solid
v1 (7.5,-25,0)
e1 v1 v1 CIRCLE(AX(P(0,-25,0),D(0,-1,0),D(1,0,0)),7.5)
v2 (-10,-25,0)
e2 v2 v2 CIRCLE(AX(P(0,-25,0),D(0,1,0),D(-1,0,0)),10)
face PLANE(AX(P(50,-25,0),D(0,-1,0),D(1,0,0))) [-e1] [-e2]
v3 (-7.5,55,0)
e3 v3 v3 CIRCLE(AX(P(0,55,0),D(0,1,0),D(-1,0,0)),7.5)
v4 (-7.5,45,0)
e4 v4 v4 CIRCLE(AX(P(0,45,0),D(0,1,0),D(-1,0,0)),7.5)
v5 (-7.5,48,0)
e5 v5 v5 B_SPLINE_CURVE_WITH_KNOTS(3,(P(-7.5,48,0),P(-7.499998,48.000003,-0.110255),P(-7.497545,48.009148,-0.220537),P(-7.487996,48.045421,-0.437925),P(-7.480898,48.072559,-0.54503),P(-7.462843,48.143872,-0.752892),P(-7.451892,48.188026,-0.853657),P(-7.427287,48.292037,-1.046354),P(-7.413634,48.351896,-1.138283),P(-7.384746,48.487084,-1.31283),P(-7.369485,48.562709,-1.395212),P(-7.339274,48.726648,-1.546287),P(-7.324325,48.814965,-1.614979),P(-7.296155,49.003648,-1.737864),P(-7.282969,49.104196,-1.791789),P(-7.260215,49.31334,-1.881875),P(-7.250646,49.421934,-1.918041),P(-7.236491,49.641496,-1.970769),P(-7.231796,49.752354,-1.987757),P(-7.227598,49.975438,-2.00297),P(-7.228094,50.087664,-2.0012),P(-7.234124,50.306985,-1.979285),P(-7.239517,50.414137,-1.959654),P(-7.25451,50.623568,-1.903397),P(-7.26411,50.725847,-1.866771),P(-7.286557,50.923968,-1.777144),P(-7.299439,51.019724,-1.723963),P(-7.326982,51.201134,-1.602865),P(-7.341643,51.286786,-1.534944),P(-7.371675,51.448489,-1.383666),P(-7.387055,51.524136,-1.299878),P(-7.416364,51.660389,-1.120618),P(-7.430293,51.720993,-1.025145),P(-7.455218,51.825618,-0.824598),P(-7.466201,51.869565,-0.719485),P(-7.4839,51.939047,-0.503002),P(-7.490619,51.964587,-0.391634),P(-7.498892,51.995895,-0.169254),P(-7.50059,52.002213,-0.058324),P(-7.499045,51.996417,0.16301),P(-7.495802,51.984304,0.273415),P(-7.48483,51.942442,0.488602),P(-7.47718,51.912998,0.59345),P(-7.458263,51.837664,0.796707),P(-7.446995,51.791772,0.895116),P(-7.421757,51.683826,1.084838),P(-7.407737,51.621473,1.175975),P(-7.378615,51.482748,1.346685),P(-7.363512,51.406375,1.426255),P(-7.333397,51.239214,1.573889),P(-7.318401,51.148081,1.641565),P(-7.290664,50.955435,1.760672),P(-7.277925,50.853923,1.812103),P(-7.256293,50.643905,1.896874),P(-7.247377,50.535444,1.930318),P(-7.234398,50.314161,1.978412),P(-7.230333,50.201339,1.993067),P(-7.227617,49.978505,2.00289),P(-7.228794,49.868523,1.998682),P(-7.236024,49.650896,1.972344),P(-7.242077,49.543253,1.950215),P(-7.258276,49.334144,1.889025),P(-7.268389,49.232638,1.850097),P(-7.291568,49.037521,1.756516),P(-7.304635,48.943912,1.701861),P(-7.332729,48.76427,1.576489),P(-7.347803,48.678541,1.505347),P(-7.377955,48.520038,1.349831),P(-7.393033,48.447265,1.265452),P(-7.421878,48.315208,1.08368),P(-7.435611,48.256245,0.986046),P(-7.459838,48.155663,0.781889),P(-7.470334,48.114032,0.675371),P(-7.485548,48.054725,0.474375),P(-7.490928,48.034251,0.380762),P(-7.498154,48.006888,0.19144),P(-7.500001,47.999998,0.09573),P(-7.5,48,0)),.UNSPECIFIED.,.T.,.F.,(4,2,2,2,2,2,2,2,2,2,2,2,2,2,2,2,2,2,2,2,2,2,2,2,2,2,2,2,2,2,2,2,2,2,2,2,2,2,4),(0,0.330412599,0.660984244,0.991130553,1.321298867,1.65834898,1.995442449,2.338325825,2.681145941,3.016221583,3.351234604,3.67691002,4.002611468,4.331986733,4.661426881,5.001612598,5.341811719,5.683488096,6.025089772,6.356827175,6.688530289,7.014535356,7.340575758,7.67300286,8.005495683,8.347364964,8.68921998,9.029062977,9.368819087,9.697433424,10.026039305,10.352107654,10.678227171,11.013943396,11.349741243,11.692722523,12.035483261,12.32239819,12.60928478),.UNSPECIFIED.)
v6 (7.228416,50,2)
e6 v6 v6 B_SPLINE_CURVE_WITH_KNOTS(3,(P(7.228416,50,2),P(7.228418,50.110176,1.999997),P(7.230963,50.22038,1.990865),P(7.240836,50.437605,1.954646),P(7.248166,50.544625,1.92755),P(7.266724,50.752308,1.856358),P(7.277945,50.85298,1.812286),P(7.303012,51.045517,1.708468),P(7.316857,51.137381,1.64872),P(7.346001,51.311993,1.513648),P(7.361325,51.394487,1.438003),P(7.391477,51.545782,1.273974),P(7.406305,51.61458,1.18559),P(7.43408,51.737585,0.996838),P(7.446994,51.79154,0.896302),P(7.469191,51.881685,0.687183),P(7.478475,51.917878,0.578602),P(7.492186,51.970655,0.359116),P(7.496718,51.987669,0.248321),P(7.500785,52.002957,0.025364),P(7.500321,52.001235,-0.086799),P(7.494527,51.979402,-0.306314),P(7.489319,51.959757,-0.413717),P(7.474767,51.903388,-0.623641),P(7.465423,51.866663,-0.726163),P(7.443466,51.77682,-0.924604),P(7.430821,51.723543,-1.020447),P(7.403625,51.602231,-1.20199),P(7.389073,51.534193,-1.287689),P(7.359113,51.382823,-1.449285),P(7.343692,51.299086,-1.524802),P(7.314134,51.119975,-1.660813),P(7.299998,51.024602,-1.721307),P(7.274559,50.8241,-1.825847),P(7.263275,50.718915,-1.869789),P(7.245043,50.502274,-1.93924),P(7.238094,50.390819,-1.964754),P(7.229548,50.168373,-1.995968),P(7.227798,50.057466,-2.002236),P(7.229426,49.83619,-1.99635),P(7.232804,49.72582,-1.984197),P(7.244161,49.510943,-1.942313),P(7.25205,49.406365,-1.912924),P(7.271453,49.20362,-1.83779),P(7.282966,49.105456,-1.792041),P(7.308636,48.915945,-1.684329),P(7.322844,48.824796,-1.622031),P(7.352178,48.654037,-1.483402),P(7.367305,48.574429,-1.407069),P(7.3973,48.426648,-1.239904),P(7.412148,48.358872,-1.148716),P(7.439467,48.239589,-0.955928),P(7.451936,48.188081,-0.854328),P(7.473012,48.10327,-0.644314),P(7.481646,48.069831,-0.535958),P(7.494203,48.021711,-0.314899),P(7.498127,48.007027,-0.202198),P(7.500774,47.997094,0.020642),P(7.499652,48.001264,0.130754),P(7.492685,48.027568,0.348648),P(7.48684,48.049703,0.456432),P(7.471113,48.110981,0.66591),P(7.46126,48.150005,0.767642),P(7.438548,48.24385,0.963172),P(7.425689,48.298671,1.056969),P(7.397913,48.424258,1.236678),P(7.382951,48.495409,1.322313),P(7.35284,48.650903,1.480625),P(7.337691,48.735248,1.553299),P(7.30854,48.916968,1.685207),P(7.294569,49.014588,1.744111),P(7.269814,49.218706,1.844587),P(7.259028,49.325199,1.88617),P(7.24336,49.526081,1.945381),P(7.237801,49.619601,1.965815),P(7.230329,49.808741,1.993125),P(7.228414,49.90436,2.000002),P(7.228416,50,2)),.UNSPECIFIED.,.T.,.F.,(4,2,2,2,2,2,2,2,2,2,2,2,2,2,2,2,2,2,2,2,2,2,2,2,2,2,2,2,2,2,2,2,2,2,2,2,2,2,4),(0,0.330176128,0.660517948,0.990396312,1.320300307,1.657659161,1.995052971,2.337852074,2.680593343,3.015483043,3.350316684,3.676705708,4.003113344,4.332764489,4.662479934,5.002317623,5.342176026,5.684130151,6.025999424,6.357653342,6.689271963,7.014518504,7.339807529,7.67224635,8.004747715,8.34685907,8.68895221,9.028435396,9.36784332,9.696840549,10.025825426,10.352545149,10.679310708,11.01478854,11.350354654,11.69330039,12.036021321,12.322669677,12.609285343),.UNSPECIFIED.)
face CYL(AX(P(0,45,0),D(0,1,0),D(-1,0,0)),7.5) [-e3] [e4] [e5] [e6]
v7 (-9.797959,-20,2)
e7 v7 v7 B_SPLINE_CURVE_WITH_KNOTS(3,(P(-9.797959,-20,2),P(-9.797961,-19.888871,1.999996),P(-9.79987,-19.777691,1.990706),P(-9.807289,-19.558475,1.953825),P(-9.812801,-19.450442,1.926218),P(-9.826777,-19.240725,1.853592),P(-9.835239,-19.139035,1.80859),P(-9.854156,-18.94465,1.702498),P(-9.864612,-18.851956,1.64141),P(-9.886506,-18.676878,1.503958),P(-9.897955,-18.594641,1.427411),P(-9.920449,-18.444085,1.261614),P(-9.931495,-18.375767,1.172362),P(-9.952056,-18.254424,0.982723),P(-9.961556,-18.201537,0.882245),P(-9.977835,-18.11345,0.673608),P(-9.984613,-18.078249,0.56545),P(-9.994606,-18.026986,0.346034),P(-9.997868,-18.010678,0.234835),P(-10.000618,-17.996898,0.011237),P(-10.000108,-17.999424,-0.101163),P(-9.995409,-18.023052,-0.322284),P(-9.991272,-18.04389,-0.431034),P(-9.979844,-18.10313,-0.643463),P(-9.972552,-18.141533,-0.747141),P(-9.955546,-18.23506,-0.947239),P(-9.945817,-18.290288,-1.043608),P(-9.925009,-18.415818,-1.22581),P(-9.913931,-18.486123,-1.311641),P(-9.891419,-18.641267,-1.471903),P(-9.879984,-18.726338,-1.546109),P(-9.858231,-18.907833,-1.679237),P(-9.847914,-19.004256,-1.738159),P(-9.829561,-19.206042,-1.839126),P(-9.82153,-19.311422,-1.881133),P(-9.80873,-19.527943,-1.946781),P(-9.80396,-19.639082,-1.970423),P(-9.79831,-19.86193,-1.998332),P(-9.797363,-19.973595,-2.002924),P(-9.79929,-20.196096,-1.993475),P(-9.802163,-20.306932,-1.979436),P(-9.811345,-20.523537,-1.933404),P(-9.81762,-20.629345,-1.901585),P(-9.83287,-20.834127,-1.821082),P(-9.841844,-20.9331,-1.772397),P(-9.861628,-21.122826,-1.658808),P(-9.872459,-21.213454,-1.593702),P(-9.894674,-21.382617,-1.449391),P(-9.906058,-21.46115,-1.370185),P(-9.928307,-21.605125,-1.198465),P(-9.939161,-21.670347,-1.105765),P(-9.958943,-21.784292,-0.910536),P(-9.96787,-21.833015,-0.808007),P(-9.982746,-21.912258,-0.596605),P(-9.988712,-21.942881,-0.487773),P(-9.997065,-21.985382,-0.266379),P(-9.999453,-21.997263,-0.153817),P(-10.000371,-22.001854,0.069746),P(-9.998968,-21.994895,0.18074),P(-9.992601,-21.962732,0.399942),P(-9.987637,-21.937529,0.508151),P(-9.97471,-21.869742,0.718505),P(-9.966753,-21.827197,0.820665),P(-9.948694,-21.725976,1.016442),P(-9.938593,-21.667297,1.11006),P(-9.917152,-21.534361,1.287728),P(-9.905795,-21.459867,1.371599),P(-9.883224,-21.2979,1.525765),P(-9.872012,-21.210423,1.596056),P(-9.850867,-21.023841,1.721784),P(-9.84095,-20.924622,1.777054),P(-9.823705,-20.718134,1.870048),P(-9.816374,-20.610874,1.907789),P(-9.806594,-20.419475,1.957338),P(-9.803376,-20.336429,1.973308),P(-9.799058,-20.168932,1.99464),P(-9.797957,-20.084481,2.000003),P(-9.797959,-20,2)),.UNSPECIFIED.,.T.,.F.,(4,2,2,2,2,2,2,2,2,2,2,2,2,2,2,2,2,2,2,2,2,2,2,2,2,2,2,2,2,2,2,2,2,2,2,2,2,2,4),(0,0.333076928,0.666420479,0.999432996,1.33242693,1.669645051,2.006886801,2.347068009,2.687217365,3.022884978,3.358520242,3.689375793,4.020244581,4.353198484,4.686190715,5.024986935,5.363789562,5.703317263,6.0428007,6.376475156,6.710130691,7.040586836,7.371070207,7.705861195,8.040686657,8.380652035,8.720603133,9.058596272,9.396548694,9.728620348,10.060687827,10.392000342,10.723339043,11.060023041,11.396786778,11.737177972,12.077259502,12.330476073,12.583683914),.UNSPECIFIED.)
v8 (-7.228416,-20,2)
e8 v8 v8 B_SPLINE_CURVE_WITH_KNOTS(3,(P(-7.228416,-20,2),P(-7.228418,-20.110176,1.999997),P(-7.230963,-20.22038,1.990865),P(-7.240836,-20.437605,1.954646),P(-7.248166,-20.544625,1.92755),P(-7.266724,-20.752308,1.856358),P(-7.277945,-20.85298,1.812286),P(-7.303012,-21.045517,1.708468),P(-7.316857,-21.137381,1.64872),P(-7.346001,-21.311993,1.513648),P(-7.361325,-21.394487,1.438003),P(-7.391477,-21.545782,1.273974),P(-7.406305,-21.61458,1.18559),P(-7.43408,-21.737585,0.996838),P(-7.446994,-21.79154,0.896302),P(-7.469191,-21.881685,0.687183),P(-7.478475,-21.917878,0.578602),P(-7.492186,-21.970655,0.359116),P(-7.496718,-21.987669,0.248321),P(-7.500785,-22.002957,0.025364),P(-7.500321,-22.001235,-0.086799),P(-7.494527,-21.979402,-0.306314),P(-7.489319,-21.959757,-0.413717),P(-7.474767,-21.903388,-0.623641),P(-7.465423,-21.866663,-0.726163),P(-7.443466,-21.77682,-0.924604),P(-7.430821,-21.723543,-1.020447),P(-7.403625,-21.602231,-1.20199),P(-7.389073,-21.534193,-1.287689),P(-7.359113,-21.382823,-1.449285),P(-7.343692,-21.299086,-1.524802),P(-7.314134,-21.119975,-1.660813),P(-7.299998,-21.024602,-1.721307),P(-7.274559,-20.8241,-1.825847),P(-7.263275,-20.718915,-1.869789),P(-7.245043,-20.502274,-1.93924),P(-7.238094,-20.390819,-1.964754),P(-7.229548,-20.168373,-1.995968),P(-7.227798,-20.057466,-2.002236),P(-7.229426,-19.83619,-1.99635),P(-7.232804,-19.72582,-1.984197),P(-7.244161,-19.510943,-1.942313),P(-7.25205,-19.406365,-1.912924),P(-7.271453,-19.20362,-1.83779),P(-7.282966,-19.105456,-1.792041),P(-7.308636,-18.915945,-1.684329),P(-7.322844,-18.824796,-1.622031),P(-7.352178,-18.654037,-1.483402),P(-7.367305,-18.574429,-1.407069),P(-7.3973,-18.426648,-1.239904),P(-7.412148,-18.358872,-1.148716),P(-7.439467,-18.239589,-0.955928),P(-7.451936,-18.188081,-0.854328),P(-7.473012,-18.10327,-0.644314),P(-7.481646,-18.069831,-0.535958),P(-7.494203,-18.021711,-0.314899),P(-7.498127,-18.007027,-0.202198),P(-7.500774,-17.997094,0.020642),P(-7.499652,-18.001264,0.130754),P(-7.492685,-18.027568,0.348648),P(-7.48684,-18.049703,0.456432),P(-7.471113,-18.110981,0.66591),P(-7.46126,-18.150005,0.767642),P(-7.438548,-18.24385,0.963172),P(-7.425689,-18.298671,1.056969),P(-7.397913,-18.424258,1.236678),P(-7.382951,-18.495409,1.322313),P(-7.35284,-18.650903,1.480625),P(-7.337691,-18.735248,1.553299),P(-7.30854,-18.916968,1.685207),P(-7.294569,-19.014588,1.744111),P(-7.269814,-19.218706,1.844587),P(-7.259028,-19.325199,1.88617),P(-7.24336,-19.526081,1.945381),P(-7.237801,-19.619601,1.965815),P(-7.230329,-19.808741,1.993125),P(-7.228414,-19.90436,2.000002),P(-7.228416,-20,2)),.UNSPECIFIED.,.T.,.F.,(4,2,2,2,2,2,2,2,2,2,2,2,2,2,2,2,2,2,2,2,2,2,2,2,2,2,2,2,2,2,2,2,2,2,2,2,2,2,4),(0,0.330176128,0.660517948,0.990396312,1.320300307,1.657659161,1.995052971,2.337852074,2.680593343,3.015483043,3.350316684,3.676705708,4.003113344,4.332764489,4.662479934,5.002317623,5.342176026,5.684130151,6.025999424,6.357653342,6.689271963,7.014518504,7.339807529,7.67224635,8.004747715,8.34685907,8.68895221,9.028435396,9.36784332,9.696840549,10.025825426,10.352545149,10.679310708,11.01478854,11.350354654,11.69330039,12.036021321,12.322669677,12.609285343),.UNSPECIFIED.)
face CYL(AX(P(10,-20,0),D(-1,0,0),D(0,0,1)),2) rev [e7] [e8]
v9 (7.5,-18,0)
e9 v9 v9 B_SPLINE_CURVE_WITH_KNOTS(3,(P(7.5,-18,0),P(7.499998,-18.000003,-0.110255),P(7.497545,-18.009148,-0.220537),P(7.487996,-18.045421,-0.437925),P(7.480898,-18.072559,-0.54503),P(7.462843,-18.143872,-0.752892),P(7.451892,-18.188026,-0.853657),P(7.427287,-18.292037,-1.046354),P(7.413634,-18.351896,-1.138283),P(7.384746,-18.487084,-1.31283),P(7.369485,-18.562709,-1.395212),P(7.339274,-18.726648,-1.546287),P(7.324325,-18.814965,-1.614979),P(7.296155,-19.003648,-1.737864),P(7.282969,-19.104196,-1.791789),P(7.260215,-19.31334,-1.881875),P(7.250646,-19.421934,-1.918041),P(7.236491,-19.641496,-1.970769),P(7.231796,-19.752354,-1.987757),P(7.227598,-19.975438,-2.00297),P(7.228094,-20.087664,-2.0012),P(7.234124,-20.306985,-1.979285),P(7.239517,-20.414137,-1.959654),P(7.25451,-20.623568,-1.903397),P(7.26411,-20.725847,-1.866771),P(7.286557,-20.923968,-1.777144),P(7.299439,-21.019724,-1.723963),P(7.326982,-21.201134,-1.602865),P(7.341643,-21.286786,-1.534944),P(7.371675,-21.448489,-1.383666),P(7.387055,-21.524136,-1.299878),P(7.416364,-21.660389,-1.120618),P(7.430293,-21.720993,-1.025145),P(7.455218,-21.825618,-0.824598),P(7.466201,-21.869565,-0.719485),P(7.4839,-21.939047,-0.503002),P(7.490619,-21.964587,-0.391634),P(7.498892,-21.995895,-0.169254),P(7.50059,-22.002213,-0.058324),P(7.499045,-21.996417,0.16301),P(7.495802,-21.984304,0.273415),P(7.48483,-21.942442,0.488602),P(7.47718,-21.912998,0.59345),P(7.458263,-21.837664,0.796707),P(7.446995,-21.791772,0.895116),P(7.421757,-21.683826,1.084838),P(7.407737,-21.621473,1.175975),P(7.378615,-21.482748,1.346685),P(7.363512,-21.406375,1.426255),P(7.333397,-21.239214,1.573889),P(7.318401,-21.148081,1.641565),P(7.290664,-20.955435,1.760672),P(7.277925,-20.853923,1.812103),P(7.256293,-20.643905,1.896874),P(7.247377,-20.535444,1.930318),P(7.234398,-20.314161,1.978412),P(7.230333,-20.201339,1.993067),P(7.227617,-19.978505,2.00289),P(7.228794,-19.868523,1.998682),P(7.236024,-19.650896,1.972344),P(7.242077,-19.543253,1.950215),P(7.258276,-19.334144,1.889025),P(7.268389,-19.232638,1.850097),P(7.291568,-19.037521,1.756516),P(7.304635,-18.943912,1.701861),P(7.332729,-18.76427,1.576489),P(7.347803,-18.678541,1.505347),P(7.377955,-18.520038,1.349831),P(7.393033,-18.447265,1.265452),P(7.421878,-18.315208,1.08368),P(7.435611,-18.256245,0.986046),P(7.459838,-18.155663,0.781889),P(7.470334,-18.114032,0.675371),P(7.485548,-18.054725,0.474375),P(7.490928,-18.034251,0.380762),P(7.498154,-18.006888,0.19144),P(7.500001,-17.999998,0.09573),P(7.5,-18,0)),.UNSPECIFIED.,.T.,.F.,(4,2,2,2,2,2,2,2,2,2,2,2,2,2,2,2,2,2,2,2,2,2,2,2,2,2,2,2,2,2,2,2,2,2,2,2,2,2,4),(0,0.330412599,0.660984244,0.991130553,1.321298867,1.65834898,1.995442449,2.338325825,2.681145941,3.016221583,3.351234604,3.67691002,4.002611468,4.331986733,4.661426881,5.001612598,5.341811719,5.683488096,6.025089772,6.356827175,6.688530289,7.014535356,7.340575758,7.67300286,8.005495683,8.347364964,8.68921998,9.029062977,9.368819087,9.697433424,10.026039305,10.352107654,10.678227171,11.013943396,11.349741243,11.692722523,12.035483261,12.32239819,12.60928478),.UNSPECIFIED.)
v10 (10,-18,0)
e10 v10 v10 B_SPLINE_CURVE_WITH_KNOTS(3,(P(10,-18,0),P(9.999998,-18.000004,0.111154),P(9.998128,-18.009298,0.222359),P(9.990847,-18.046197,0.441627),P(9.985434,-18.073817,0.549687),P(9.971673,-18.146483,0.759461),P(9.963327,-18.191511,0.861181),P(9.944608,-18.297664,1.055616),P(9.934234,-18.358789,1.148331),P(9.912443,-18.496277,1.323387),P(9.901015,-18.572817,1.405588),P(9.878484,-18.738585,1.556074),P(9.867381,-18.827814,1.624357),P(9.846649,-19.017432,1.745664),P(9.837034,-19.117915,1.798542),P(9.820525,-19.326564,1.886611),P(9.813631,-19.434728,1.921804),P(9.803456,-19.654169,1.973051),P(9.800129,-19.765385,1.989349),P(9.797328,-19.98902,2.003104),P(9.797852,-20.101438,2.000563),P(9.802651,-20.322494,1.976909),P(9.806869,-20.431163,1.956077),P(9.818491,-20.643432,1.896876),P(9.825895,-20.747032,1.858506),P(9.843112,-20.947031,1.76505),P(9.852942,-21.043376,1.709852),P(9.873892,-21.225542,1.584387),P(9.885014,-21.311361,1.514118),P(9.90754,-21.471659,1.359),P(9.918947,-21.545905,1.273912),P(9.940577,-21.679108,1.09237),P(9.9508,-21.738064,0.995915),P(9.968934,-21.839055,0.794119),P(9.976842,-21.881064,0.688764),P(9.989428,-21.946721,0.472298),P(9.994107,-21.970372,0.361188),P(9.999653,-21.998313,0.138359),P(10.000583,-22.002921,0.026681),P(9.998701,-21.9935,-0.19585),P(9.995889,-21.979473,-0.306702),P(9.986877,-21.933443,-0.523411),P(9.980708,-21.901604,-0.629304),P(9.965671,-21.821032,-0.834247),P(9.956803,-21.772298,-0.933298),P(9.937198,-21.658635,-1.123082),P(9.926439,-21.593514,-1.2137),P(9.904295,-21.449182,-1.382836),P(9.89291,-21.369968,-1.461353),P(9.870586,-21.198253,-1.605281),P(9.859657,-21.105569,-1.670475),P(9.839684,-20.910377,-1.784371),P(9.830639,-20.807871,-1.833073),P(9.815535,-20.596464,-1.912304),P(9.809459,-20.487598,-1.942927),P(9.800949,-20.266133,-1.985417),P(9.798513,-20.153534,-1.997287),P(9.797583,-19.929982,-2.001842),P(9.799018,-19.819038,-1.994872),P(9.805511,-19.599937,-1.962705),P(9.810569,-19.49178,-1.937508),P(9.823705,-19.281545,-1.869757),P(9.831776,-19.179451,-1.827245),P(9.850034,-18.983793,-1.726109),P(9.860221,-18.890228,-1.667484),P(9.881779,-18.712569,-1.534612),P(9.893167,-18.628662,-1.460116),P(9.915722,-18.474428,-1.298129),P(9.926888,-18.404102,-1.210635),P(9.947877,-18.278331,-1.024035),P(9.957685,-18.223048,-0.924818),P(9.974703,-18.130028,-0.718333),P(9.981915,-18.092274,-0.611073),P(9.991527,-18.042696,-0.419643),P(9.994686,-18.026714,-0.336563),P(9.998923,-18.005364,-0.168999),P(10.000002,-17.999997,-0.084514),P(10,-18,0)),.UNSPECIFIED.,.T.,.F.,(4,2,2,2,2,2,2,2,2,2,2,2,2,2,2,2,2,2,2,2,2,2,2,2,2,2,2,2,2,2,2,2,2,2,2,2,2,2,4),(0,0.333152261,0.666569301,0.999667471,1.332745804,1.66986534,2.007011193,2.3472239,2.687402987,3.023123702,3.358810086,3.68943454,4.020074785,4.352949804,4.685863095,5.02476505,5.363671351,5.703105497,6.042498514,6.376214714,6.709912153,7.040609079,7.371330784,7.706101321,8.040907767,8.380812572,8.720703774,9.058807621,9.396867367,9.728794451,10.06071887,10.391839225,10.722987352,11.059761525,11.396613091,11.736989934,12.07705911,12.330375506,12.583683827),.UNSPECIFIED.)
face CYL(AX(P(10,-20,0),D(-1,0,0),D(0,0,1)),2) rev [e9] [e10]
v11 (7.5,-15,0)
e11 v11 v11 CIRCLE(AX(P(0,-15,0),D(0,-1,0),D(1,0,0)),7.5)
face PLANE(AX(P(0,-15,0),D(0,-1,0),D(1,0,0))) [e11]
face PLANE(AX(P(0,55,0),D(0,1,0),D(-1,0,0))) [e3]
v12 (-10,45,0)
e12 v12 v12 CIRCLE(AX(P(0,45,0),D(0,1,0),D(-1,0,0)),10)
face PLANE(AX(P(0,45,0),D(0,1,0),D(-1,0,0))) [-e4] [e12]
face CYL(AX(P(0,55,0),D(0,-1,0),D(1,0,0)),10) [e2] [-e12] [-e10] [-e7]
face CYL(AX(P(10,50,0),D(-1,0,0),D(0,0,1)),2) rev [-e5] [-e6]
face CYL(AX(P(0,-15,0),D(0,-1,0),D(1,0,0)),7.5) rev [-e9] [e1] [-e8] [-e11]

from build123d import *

# Parameters (mm, degrees)
SKETCH2_R               = 10
BOSS_EXTRUDE1_DEPTH     = 30
CUT_EXTRUDE1_START      = -10
SKETCH3_R               = 10
SKETCH3_R_2             = 7.5
CUT_EXTRUDE1_DEPTH      = 10
CUT_EXTRUDE3_DEPTH      = 10
CUT_EXTRUDE3_DEPTH_BACK = 10
SKETCH5_R               = 2
FILLET2_R               = 10
BOSS_EXTRUDE2_START     = -67.5
SKETCH7_R               = 10
BOSS_EXTRUDE2_DEPTH     = 67.5
SKETCH8_R               = 50
SKETCH8_R_2             = 10
CUT_EXTRUDE6_DEPTH      = 107.770782567
SKETCH9_R               = 7.5
CUT_EXTRUDE7_DEPTH      = 10
CUT_EXTRUDE8_DEPTH      = 10
CUT_EXTRUDE8_DEPTH_BACK = 10
SKETCH10_R              = 2


with BuildPart() as part:
    # Sketch1 → Revolve1 (revolve)
    with BuildSketch(Plane.XY):
        Polygon((50, 25), (0, 25), (0, 22.5), (45, 22.5), (45, -22.5), (0, -22.5), (0, -25), (50, -25), align=None)
    revolve(axis=Axis((0, -25, 0), (0, 1, 0)))

    # Sketch2 → Boss-Extrude1 (add)
    with BuildSketch(Plane(origin=(0, 25, 0), x_dir=(1, 0, 0), z_dir=(0, 1, 0))):
        with Locations(Location((0, 0, 0), (0, 0, 180))):
            Circle(SKETCH2_R)
    extrude(amount=BOSS_EXTRUDE1_DEPTH)

    # Sketch3 → Cut-Extrude1 (cut)
    with BuildSketch(Plane(origin=(0, 55, 0), x_dir=(1, 0, 0), z_dir=(0, 1, 0)).offset(CUT_EXTRUDE1_START)):
        with Locations(Location((0, 0, 0), (0, 0, 180))):
            Circle(SKETCH3_R)
        with Locations(Location((0, 0, 0), (0, 0, 180))):
            Circle(SKETCH3_R_2, mode=Mode.SUBTRACT)
    extrude(amount=CUT_EXTRUDE1_DEPTH, mode=Mode.SUBTRACT)

    # Sketch5 → Cut-Extrude3 (cut, two sides: drawn at the far end of the back side and taken through both)
    with BuildSketch(Plane(origin=(0, 0, 0), x_dir=(0, 0, -1), z_dir=(1, 0, 0)).offset(-CUT_EXTRUDE3_DEPTH_BACK)):
        with Locations(Location((0, 50, 0), (0, 0, 180))):
            Circle(SKETCH5_R)
    extrude(amount=CUT_EXTRUDE3_DEPTH + CUT_EXTRUDE3_DEPTH_BACK, mode=Mode.SUBTRACT)

    # Fillet2
    fillet2_edges = [part.edges().sort_by_distance(p)[0] for p in [
        (-50, 25, 0),
    ]]
    fillet(fillet2_edges, radius=FILLET2_R)

    # Sketch7 → Boss-Extrude2 (add)
    with BuildSketch(Plane(origin=(0, 45, 0), x_dir=(1, 0, 0), z_dir=(0, 1, 0)).offset(BOSS_EXTRUDE2_START)):
        with Locations(Location((0, 0, 0), (0, 0, 180))):
            Circle(SKETCH7_R)
    extrude(amount=BOSS_EXTRUDE2_DEPTH)

    # Sketch8 → Cut-Extrude6 (cut, through all)
    with BuildSketch(Plane(origin=(0, 55, 0), x_dir=(1, 0, 0), z_dir=(0, 1, 0))):
        Circle(SKETCH8_R)
        with Locations(Location((0, 0, 0), (0, 0, 180))):
            Circle(SKETCH8_R_2, mode=Mode.SUBTRACT)
    extrude(amount=-CUT_EXTRUDE6_DEPTH, mode=Mode.SUBTRACT)

    # Sketch9 → Cut-Extrude7 (cut)
    with BuildSketch(Plane.XZ.offset(25)):
        with Locations(Location((0, 0, 0), (0, 0, 180))):
            Circle(SKETCH9_R)
    extrude(amount=-CUT_EXTRUDE7_DEPTH, mode=Mode.SUBTRACT)

    # Sketch10 → Cut-Extrude8 (cut, two sides: drawn at the far end of the back side and taken through both)
    with BuildSketch(Plane(origin=(0, 0, 0), x_dir=(0, 0, -1), z_dir=(1, 0, 0)).offset(-CUT_EXTRUDE8_DEPTH_BACK)):
        with Locations(Location((0, -20, 0), (0, 0, 180))):
            Circle(SKETCH10_R)
    extrude(amount=CUT_EXTRUDE8_DEPTH + CUT_EXTRUDE8_DEPTH_BACK, mode=Mode.SUBTRACT)


solid = part.part
